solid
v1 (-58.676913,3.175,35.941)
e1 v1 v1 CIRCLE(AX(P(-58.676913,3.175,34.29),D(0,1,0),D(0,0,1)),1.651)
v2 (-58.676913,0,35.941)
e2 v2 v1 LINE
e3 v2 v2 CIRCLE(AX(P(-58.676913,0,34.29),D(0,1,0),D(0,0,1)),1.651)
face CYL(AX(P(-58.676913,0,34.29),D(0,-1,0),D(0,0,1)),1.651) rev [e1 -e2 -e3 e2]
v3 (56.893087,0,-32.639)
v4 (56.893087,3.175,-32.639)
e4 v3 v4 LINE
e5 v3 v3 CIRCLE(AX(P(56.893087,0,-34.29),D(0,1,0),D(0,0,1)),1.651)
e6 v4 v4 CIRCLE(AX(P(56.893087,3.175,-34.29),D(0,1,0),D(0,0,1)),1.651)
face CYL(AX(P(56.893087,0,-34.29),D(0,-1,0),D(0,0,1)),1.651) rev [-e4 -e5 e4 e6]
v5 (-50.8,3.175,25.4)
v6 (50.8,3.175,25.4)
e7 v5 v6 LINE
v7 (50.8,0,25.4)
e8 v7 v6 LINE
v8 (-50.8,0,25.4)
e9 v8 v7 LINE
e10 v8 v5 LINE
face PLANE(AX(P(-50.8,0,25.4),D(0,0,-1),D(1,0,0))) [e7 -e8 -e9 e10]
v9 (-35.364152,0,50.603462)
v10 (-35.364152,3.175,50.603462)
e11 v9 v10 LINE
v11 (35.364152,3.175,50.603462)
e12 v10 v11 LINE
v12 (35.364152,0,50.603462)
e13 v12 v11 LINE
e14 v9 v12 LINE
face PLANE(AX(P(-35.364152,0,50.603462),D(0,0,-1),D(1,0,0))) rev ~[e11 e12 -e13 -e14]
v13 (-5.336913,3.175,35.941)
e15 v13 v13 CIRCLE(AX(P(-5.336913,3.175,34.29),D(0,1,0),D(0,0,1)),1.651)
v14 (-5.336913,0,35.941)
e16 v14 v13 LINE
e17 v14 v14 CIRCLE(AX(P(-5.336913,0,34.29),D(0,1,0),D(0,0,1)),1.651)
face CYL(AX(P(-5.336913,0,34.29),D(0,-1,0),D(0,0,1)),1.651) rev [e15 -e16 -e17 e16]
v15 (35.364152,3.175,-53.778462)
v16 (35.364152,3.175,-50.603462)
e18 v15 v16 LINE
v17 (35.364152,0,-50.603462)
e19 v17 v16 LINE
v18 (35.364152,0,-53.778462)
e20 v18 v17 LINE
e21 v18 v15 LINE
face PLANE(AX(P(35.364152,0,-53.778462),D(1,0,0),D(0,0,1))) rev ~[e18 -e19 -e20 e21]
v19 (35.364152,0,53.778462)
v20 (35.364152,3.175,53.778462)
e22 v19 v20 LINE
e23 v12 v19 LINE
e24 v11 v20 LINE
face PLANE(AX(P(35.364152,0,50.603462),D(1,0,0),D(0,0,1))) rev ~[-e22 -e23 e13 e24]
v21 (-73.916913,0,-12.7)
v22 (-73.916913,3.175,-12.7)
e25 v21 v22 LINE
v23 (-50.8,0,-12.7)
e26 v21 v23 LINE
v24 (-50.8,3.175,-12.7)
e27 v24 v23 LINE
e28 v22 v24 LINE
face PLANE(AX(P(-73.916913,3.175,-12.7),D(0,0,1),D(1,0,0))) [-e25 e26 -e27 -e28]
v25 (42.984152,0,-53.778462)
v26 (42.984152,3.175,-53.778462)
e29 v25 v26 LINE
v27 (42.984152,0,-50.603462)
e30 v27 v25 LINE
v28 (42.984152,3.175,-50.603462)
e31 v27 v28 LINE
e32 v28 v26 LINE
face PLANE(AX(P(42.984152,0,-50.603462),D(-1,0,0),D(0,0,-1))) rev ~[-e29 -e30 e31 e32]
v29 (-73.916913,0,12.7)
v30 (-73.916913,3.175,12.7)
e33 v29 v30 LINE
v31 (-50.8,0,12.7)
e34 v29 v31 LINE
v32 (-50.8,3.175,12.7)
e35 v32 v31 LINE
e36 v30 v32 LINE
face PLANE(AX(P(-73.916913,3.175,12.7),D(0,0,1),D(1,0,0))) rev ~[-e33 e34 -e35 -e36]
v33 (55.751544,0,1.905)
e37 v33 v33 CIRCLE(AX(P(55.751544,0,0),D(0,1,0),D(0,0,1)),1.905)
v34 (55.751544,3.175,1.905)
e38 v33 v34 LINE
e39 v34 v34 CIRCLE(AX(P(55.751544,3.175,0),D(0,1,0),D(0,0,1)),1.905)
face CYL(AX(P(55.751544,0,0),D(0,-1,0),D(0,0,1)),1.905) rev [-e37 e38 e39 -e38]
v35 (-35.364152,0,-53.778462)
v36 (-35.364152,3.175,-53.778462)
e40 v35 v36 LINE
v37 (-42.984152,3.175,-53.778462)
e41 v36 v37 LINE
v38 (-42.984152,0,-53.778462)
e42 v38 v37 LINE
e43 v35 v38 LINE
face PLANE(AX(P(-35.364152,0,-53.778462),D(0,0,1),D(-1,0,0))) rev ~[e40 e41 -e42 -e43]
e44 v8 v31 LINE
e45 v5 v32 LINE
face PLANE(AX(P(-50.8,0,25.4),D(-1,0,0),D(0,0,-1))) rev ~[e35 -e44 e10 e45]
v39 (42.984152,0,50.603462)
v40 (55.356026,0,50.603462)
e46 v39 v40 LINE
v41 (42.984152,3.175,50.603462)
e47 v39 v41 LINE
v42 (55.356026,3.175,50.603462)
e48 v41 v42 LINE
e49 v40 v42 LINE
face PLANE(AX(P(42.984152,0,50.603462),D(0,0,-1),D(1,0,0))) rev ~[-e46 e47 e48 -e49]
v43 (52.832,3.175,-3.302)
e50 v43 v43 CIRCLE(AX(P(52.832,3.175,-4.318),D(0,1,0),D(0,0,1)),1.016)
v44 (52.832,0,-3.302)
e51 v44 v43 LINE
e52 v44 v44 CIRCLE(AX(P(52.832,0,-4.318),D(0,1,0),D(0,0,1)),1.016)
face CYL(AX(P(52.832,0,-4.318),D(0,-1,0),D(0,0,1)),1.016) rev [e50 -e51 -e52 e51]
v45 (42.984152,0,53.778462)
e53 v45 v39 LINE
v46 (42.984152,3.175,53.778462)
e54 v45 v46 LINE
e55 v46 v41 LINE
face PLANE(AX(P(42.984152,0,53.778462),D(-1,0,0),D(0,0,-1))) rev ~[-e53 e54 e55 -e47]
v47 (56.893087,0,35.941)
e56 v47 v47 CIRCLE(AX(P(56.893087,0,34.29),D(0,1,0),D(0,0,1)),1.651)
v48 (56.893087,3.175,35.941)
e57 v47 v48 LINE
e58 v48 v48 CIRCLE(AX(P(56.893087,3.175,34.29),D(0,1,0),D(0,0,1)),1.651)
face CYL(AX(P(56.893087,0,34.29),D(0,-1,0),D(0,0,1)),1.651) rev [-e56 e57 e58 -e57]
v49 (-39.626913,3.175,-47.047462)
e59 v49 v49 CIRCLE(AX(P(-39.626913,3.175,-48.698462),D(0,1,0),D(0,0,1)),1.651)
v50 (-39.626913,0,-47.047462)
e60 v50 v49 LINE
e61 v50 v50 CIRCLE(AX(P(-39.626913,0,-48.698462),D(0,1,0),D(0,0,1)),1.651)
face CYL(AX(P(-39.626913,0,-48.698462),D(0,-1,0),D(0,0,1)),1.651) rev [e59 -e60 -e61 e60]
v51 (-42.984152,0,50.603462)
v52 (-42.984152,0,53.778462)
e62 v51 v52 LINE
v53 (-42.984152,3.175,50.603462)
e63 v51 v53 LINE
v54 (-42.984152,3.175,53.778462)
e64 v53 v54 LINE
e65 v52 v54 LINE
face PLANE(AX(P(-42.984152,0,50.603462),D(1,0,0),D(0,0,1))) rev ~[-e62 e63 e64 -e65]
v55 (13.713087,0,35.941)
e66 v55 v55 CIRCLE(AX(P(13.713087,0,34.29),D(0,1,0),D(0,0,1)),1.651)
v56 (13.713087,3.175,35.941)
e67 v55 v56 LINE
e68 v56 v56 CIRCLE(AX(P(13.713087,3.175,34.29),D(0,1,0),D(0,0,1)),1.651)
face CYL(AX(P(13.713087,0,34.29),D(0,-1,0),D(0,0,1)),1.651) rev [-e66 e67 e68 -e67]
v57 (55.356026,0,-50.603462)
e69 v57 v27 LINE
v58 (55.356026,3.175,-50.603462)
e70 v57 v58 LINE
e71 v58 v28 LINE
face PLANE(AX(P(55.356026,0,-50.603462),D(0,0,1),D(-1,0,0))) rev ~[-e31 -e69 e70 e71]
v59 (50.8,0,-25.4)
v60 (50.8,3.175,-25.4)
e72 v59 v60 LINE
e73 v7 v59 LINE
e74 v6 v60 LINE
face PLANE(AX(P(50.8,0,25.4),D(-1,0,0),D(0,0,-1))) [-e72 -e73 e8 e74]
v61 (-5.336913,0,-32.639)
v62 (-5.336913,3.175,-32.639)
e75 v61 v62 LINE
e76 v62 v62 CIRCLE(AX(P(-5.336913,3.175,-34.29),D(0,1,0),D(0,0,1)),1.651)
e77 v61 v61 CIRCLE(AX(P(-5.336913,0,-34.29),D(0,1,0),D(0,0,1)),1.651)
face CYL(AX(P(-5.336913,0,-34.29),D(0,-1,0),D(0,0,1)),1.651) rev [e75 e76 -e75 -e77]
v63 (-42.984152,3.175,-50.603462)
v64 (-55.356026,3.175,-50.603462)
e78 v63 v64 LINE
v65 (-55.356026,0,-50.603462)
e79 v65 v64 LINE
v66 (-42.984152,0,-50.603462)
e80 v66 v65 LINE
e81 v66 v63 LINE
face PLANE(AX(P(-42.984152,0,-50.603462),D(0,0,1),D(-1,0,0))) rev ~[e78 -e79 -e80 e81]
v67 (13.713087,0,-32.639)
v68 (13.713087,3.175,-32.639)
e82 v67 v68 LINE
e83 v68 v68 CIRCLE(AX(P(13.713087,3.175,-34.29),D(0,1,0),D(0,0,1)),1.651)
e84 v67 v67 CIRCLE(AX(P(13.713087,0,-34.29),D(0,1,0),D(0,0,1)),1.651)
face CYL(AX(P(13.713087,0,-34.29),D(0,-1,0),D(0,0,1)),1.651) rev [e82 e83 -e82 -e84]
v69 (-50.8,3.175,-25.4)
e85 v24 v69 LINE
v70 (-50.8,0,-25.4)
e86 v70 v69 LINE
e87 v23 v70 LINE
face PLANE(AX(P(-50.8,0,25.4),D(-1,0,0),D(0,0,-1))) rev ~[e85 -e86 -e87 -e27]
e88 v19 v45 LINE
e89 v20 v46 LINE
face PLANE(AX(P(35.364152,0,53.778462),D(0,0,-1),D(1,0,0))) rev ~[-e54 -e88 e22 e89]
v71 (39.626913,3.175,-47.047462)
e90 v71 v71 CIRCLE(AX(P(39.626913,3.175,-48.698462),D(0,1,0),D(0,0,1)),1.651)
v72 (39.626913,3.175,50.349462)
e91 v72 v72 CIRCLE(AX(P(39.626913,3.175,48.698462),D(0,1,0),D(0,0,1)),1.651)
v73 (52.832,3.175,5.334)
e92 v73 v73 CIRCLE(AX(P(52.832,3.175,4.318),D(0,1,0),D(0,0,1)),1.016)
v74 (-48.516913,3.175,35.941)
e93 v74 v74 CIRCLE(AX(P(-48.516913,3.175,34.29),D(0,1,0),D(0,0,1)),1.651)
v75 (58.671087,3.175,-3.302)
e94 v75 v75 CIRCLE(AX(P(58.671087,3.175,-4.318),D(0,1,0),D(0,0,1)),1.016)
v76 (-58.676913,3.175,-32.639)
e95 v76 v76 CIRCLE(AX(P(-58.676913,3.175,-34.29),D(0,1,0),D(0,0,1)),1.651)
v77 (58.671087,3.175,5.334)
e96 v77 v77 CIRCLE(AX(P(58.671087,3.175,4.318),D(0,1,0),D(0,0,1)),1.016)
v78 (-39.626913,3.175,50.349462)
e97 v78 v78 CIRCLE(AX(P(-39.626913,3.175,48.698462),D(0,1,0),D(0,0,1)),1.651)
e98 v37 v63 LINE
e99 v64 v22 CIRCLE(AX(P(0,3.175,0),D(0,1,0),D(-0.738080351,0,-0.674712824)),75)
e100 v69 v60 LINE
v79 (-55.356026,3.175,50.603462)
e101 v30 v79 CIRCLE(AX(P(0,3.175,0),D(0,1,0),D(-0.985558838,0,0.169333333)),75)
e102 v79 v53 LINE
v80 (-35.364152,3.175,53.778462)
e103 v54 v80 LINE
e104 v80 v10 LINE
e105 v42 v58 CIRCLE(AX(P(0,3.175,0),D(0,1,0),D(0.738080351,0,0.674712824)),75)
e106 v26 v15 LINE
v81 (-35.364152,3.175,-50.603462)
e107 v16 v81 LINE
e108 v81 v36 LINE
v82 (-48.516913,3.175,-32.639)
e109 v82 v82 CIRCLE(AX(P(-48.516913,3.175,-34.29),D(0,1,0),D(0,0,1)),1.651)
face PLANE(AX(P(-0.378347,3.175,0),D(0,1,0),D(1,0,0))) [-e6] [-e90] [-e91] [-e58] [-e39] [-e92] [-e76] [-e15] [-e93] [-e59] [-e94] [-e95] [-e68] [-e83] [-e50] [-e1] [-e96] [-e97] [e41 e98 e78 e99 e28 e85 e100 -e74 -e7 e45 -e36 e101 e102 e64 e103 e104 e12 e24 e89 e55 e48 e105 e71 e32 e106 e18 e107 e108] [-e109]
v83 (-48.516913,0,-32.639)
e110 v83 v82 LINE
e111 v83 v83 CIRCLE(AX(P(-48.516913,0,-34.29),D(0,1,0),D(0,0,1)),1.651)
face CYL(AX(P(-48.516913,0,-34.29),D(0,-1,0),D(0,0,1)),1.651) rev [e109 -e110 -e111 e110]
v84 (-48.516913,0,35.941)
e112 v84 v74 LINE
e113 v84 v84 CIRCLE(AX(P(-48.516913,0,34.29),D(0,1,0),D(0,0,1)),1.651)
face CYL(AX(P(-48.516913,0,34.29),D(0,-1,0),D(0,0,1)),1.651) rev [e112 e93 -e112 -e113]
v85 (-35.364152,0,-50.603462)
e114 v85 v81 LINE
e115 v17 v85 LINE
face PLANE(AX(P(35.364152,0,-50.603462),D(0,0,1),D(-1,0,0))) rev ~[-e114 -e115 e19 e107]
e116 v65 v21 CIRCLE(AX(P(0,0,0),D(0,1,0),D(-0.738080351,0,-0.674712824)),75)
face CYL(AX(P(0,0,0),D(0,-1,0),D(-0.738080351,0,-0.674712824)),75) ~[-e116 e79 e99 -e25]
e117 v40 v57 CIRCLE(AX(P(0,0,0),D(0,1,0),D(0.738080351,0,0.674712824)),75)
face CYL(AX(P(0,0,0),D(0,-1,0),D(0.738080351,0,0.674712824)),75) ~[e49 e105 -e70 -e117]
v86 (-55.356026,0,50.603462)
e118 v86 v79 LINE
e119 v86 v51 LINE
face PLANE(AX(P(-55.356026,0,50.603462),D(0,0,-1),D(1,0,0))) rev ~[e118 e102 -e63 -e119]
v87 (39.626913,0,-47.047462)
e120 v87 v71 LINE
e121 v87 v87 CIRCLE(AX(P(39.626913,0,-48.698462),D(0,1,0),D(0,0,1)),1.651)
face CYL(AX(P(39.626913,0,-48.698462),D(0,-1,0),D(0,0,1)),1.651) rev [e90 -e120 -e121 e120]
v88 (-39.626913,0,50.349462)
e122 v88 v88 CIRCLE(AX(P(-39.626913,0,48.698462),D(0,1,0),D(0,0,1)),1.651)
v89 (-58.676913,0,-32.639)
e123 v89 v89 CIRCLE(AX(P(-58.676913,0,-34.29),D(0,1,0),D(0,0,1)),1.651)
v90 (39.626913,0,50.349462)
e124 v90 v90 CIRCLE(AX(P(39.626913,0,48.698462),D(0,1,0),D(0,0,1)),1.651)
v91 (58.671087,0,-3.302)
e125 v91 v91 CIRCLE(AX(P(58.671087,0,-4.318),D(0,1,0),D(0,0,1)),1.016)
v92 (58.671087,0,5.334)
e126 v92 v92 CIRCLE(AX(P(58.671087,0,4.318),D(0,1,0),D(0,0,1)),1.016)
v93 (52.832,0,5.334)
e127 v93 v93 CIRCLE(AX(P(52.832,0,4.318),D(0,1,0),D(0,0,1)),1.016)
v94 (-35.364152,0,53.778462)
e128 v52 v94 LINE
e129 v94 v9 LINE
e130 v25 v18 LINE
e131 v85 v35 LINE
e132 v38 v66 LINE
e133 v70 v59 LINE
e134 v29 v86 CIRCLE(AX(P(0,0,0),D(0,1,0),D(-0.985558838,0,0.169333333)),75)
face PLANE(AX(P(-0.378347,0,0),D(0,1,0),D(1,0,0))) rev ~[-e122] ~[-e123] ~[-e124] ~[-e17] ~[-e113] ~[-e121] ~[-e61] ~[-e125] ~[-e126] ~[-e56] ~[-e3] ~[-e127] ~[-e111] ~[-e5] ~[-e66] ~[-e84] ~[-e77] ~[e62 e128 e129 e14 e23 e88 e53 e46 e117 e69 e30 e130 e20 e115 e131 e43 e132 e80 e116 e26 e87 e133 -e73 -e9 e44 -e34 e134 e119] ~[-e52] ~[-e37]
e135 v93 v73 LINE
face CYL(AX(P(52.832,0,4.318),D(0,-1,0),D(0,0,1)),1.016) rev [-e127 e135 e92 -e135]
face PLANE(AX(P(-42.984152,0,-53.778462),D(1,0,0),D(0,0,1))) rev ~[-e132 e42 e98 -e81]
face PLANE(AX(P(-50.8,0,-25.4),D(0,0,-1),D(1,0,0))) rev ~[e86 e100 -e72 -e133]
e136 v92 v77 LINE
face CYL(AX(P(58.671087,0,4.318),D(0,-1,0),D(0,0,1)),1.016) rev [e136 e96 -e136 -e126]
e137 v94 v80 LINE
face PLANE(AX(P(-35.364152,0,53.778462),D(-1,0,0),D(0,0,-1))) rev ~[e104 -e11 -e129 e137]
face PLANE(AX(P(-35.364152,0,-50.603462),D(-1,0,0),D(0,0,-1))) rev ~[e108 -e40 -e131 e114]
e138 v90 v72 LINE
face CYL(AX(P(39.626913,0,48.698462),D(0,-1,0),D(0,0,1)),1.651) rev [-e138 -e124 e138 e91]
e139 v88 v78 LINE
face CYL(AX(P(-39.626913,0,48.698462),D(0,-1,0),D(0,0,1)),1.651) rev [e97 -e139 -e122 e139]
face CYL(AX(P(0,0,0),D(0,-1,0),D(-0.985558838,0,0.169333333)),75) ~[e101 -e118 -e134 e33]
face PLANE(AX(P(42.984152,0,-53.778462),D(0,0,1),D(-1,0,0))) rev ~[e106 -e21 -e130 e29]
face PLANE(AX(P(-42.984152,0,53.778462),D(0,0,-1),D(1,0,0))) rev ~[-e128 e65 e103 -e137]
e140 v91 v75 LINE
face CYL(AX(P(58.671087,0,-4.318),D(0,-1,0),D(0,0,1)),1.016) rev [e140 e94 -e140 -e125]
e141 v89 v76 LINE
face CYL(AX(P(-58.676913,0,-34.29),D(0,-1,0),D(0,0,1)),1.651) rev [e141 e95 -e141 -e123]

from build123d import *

# Parameters (mm, degrees)
SKETCH1_R           = 1.651
SKETCH1_R_2         = 1.905
SKETCH1_R_3         = 1.016
SKETCH1_W           = 101.6
SKETCH1_H           = 50.8
BOSS_EXTRUDE1_DEPTH = 3.175
SKETCH3_W           = 23.116912814
SKETCH3_H           = 25.4
CUT_EXTRUDE2_DEPTH  = 3.175


with BuildPart() as part:
    # Sketch1 → Boss-Extrude1 (new body)
    with BuildSketch(Plane(origin=(0, 0, 0), x_dir=(1, 0, 0), z_dir=(0, 1, 0))):
        with BuildLine():
            Line((-73.916912814, 12.7), (-73.916912814, -12.7))
            ThreePointArc((-73.916912814, -12.7), (-67.357563081, -32.984218889), (-55.35602635, -50.603461806))
            Line((-55.35602635, -50.603461806), (-42.984152136, -50.603461806))
            Line((-42.984152136, -50.603461806), (-42.984152136, -53.778461806))
            Line((-42.984152136, -53.778461806), (-35.364152136, -53.778461806))
            Line((-35.364152136, -53.778461806), (-35.364152136, -50.603461806))
            Line((-35.364152136, -50.603461806), (35.364152136, -50.603461806))
            Line((35.364152136, -50.603461806), (35.364152136, -53.778461806))
            Line((35.364152136, -53.778461806), (42.984152136, -53.778461806))
            Line((42.984152136, -53.778461806), (42.984152136, -50.603461806))
            Line((42.984152136, -50.603461806), (55.35602635, -50.603461806))
            ThreePointArc((55.35602635, -50.603461806), (75, 0), (55.35602635, 50.603461806))
            Line((55.35602635, 50.603461806), (42.984152136, 50.603461806))
            Line((42.984152136, 50.603461806), (42.984152136, 53.778461806))
            Line((42.984152136, 53.778461806), (35.364152136, 53.778461806))
            Line((35.364152136, 53.778461806), (35.364152136, 50.603461806))
            Line((35.364152136, 50.603461806), (-35.364152136, 50.603461806))
            Line((-35.364152136, 50.603461806), (-35.364152136, 53.778461806))
            Line((-35.364152136, 53.778461806), (-42.984152136, 53.778461806))
            Line((-42.984152136, 53.778461806), (-42.984152136, 50.603461806))
            Line((-42.984152136, 50.603461806), (-55.35602635, 50.603461806))
            ThreePointArc((-55.35602635, 50.603461806), (-67.357563081, 32.984218889), (-73.916912814, 12.7))
        make_face()
        with Locations(Location((13.713087186, 34.29, 0), (0, 0, 270))):
            Circle(SKETCH1_R, mode=Mode.SUBTRACT)
        with Locations(Location((-58.676912814, -34.29, 0), (0, 0, 270))):
            Circle(SKETCH1_R, mode=Mode.SUBTRACT)
        with Locations(Location((-58.676912814, 34.29, 0), (0, 0, 270))):
            Circle(SKETCH1_R, mode=Mode.SUBTRACT)
        with Locations(Location((-39.626912814, 48.698461806, 0), (0, 0, 270))):
            Circle(SKETCH1_R, mode=Mode.SUBTRACT)
        with Locations(Location((39.626912814, 48.698461806, 0), (0, 0, 270))):
            Circle(SKETCH1_R, mode=Mode.SUBTRACT)
        with Locations(Location((-39.626912814, -48.698461806, 0), (0, 0, 270))):
            Circle(SKETCH1_R, mode=Mode.SUBTRACT)
        with Locations(Location((39.626912814, -48.698461806, 0), (0, 0, 270))):
            Circle(SKETCH1_R, mode=Mode.SUBTRACT)
        with Locations(Location((56.893087186, 34.29, 0), (0, 0, 270))):
            Circle(SKETCH1_R, mode=Mode.SUBTRACT)
        with Locations(Location((-48.516912814, 34.29, 0), (0, 0, 270))):
            Circle(SKETCH1_R, mode=Mode.SUBTRACT)
        with Locations(Location((-5.336912814, 34.29, 0), (0, 0, 270))):
            Circle(SKETCH1_R, mode=Mode.SUBTRACT)
        with Locations(Location((-5.336912814, -34.29, 0), (0, 0, 270))):
            Circle(SKETCH1_R, mode=Mode.SUBTRACT)
        with Locations(Location((-48.516912814, -34.29, 0), (0, 0, 270))):
            Circle(SKETCH1_R, mode=Mode.SUBTRACT)
        with Locations(Location((13.713087186, -34.29, 0), (0, 0, 270))):
            Circle(SKETCH1_R, mode=Mode.SUBTRACT)
        with Locations(Location((56.893087186, -34.29, 0), (0, 0, 270))):
            Circle(SKETCH1_R, mode=Mode.SUBTRACT)
        with Locations(Location((55.751543593, 0, 0), (0, 0, 270))):
            Circle(SKETCH1_R_2, mode=Mode.SUBTRACT)
        with Locations(Location((58.671087186, 4.318, 0), (0, 0, 270))):
            Circle(SKETCH1_R_3, mode=Mode.SUBTRACT)
        with Locations(Location((58.671087186, -4.318, 0), (0, 0, 270))):
            Circle(SKETCH1_R_3, mode=Mode.SUBTRACT)
        with Locations(Location((52.832, -4.318, 0), (0, 0, 270))):
            Circle(SKETCH1_R_3, mode=Mode.SUBTRACT)
        with Locations(Location((52.832, 4.318, 0), (0, 0, 270))):
            Circle(SKETCH1_R_3, mode=Mode.SUBTRACT)
        Rectangle(SKETCH1_W, SKETCH1_H, mode=Mode.SUBTRACT)
    extrude(amount=BOSS_EXTRUDE1_DEPTH)

    # Sketch3 → Cut-Extrude2 (cut)
    with BuildSketch(Plane(origin=(0, 3.175, 0), x_dir=(1, 0, 0), z_dir=(0, 1, 0))):
        with Locations((-62.358456407, 0)):
            Rectangle(SKETCH3_W, SKETCH3_H)
    extrude(amount=-CUT_EXTRUDE2_DEPTH, mode=Mode.SUBTRACT)


solid = part.part
